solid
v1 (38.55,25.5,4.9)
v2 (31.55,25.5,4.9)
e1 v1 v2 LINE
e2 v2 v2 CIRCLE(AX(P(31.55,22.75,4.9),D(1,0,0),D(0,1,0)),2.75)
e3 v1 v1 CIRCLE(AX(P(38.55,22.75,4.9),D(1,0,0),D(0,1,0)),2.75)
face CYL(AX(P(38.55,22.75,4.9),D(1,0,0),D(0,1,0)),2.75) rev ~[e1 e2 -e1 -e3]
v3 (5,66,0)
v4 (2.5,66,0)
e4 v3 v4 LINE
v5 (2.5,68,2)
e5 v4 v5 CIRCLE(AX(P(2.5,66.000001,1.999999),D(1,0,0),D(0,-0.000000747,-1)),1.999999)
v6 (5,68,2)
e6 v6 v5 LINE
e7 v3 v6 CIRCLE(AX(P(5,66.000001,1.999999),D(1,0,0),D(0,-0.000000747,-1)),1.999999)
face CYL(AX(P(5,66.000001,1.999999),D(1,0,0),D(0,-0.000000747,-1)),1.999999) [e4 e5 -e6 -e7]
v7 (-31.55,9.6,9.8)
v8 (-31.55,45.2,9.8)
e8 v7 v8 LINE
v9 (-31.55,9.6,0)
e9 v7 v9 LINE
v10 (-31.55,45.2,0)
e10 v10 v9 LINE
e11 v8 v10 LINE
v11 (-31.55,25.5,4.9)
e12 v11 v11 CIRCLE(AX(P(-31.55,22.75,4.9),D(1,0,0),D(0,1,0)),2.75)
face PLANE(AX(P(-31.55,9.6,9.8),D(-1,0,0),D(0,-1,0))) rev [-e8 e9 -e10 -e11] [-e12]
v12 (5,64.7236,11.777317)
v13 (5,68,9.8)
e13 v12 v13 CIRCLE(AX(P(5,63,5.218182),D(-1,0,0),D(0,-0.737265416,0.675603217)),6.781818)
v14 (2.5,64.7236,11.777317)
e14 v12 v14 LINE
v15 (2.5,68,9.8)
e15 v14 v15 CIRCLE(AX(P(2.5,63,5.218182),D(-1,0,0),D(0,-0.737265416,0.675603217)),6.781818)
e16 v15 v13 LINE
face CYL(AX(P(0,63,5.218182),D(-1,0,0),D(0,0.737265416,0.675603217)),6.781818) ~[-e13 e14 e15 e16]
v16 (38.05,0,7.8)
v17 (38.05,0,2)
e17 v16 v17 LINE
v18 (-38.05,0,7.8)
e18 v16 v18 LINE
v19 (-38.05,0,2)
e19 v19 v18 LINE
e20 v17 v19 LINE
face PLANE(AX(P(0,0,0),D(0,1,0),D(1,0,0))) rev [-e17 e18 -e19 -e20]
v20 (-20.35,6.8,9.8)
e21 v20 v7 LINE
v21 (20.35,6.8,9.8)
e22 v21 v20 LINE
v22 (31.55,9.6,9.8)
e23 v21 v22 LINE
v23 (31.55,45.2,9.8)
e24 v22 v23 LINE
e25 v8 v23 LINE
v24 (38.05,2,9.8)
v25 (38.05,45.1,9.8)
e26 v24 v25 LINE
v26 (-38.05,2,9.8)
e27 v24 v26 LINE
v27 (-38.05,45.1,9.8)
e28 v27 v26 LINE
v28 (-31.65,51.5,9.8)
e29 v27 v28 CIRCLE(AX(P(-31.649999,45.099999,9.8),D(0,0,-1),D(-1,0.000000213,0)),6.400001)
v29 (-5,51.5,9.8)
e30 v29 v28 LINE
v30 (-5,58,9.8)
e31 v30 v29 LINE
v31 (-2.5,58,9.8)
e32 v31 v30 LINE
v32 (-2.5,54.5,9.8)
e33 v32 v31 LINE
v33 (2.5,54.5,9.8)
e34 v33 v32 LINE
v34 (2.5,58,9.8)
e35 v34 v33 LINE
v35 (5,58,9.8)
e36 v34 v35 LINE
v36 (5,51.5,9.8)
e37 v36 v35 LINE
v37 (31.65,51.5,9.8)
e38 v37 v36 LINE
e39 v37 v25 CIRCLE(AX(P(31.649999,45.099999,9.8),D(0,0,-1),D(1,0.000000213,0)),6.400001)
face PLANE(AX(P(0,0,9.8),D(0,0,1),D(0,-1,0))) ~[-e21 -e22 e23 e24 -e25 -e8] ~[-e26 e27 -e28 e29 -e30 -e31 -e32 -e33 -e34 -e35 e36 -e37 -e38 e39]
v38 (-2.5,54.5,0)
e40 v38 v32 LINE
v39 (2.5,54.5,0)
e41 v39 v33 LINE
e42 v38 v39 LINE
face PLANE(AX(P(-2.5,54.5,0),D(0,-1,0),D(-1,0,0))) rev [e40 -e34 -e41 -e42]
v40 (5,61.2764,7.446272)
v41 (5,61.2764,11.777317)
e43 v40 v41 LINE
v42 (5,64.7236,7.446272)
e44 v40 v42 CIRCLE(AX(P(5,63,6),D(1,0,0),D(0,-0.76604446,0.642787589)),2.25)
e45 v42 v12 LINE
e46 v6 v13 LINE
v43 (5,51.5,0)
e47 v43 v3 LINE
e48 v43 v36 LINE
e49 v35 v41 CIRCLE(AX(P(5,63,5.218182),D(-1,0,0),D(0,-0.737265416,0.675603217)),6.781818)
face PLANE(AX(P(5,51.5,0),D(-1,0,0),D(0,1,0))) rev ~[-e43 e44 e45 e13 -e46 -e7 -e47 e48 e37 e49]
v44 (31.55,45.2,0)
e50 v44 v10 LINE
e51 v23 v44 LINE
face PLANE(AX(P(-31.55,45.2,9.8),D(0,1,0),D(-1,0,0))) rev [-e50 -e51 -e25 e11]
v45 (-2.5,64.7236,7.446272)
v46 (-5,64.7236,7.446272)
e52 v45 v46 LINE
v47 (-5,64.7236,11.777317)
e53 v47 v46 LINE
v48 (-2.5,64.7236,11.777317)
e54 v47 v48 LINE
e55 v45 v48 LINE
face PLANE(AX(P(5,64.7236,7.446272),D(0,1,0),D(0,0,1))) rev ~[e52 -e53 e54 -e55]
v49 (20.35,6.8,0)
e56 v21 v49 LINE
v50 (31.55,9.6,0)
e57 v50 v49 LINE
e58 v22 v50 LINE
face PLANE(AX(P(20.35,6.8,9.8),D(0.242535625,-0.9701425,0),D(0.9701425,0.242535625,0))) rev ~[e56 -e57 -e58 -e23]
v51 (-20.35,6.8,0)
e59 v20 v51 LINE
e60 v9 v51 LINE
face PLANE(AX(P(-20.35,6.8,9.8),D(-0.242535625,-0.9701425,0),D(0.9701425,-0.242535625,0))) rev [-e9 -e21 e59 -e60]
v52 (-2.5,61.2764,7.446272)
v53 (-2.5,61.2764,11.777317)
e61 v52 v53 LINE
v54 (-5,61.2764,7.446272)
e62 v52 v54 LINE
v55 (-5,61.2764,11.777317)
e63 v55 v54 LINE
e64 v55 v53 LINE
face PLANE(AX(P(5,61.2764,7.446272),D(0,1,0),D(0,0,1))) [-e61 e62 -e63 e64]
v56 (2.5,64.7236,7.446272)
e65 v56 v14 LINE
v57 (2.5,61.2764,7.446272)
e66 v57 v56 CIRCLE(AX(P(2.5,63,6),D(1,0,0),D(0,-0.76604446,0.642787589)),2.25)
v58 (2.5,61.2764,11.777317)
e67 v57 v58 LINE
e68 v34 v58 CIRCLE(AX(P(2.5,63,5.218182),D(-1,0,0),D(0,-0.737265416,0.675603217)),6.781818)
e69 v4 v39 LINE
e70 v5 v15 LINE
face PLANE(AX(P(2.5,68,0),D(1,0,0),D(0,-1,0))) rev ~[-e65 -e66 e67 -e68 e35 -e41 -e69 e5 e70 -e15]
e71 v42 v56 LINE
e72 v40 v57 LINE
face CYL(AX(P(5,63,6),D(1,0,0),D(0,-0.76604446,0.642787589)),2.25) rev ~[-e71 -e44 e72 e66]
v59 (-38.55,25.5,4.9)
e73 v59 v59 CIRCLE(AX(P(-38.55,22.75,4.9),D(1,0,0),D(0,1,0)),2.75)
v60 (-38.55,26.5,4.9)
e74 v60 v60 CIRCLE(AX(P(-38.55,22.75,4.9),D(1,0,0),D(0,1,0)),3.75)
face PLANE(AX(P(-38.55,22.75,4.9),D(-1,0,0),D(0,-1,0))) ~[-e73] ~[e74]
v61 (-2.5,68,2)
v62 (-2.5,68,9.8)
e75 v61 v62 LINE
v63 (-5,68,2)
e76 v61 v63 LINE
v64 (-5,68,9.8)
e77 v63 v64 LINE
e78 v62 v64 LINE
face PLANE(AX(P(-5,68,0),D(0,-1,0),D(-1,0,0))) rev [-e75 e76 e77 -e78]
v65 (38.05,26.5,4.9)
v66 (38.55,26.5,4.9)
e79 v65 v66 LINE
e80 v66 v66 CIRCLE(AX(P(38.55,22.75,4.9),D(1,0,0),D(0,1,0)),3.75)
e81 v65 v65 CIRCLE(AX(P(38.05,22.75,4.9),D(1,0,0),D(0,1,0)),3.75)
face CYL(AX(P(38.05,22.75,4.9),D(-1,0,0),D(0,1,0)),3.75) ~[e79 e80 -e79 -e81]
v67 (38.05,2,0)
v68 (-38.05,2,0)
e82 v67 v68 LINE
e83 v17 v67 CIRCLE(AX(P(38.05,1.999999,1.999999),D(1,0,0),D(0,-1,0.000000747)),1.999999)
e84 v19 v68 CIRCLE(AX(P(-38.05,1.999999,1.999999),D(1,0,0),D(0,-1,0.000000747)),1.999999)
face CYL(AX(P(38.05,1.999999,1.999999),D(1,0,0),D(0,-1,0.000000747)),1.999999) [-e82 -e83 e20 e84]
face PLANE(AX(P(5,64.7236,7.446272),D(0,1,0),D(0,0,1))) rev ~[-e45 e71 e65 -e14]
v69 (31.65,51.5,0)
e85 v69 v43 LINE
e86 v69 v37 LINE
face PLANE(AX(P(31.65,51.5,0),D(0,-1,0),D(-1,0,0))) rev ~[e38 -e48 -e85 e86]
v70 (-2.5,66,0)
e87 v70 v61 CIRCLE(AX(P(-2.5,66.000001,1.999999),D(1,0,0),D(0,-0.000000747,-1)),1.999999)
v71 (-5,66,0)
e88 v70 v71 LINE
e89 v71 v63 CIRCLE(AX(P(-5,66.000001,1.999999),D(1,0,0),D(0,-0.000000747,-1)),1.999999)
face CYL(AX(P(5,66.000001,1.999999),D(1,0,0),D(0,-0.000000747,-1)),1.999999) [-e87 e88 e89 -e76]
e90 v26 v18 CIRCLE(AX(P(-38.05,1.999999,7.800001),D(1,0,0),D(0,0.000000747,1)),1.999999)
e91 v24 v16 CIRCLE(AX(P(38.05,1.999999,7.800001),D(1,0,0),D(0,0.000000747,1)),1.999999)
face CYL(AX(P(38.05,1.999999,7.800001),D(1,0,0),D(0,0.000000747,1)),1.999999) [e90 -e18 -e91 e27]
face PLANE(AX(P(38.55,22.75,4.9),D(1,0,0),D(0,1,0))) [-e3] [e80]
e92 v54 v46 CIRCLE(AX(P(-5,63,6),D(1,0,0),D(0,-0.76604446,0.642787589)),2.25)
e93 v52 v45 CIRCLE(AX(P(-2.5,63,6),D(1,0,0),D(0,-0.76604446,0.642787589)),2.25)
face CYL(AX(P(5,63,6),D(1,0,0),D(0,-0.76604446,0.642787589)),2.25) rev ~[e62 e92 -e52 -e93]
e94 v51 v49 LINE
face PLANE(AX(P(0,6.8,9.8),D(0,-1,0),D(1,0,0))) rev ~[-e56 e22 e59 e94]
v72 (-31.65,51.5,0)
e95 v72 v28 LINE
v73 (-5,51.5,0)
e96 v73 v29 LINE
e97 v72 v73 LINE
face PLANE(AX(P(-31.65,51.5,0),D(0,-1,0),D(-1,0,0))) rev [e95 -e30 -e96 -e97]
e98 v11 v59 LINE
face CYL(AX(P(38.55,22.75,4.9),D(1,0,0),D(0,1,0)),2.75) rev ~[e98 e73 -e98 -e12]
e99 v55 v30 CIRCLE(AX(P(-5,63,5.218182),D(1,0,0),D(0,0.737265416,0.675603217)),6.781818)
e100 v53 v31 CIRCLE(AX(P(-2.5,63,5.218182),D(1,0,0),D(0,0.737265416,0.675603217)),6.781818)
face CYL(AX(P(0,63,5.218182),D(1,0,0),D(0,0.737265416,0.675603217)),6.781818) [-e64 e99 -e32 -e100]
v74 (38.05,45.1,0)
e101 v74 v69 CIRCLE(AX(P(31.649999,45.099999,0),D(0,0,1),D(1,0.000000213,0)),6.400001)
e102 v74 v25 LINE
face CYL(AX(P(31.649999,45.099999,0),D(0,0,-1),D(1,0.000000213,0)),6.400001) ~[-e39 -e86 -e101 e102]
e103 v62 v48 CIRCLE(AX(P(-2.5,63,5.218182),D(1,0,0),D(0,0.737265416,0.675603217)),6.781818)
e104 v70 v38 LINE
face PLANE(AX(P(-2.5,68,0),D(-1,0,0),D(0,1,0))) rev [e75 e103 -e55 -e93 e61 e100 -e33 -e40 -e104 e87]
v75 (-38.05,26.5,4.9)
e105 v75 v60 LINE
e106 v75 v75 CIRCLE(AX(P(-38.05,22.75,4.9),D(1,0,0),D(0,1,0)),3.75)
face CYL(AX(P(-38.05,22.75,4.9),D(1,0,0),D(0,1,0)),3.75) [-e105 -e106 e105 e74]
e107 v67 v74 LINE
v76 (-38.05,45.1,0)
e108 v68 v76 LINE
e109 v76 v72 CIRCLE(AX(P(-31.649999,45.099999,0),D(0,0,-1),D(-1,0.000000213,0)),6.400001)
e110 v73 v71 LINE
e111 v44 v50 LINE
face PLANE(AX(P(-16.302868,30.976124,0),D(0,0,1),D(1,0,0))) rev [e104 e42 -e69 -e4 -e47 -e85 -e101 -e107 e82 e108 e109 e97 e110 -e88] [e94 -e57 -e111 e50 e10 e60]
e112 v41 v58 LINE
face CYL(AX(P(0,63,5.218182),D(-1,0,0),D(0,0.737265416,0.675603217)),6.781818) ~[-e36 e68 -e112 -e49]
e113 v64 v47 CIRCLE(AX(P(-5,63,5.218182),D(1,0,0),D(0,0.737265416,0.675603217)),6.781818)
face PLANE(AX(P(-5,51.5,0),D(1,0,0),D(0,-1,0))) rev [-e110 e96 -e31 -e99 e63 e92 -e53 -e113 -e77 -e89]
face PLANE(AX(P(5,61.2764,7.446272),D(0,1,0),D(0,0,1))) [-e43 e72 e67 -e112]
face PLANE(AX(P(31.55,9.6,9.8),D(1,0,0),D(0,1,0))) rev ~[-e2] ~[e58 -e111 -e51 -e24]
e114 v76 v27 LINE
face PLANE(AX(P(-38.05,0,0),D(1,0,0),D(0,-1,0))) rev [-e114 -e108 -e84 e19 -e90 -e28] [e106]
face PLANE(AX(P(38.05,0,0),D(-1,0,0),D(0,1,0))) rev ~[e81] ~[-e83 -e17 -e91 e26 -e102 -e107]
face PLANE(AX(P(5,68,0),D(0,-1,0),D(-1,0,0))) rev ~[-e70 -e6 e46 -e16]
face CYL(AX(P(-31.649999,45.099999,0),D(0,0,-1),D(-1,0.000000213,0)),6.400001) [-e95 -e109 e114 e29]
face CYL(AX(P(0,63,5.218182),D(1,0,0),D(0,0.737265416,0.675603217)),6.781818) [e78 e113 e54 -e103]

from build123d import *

# Parameters (mm, degrees)
PAD002_DEPTH    = 12
POCKET007_DEPTH = 243.567033
POCKET008_DEPTH = 215.317033
SKETCH013_R     = 3.75
PAD003_DEPTH    = 0.5
SKETCH014_R     = 2.75
POCKET009_DEPTH = 77.101
POCKET010_DEPTH = 76.601
POCKET011_DEPTH = 43.551
POCKET012_DEPTH = 43.551


with BuildPart() as part:
    # Sketch010 → Pad002 (new body)
    with BuildSketch(Plane.XY):
        with BuildLine():
            Line((0, 0), (38.05, 0))
            Line((38.05, 0), (38.05, 45.1))
            ThreePointArc((38.05, 45.1), (36.175483, 49.625483), (31.65, 51.5))
            Line((31.65, 51.5), (5, 51.5))
            Line((5, 51.5), (5, 68))
            Line((5, 68), (2.5, 68))
            Line((2.5, 68), (2.5, 54.5))
            Line((2.5, 54.5), (0, 54.5))
            Line((0, 54.5), (0, 0))
        make_face()
    pad002 = extrude(amount=PAD002_DEPTH)

    # Mirrored001: Pad002 across Sketch010 V_Axis
    add(pad002.mirror(Plane(origin=(0, 0, 0), x_dir=(0, 0, 1), z_dir=(1, 0, 0))))

    # Sketch011 (on DatumPlane) → Pocket007 (cut, through all)
    with BuildSketch(Plane.YZ):
        with BuildLine():
            Line((0, 9.8), (58, 9.8))
            ThreePointArc((68, 9.8), (63, 12), (58, 9.8))
            Line((68, 12.8), (68, 9.8))
            Line((0, 12.8), (68, 12.8))
            Line((0, 9.8), (0, 12.8))
        make_face()
    pocket007 = extrude(amount=POCKET007_DEPTH, mode=Mode.SUBTRACT)

    # Mirrored002: Pocket007 across YZ
    add(pocket007.mirror(Plane.YZ), mode=Mode.SUBTRACT)

    # Sketch012 (on DatumPlane) → Pocket008 (cut, through all)
    with BuildSketch(Plane.XY.offset(9.8)):
        Polygon((0, 6.8), (20.35, 6.8), (31.55, 9.6), (31.55, 45.2), (0, 45.2), align=None)
    pocket008 = extrude(amount=-POCKET008_DEPTH, mode=Mode.SUBTRACT)

    # Mirrored003: Pocket008 across Sketch012 V_Axis
    add(pocket008.mirror(Plane(origin=(0, 0, 9.8), x_dir=(0, 0, 1), z_dir=(1, 0, 0))), mode=Mode.SUBTRACT)

    # Sketch013 (on DatumPlane) → Pad003 (join)
    with BuildSketch(Plane.YZ.offset(38.05)):
        with Locations((22.75, 4.9)):
            Circle(SKETCH013_R)
    pad003 = extrude(amount=PAD003_DEPTH)

    # Mirrored004: Pad003 across YZ
    add(pad003.mirror(Plane.YZ))

    # Sketch014 (on DatumPlane) → Pocket009 (cut, through all)
    with BuildSketch(Plane.YZ.offset(38.55)):
        with Locations((22.75, 4.9)):
            Circle(SKETCH014_R)
    extrude(amount=-POCKET009_DEPTH, mode=Mode.SUBTRACT)

    # Sketch015 (on DatumPlane) → Pocket010 (cut, through all)
    with BuildSketch(Plane.YZ.offset(38.05)):
        with BuildLine():
            Line((2, -1), (-1, -1))
            Line((-1, -1), (-1, 10.8))
            Line((-1, 10.8), (2, 10.8))
            Line((2, 10.8), (2, 9.8))
            ThreePointArc((2, 9.8), (0.585786, 9.214214), (0, 7.8))
            Line((0, 7.8), (0, 2))
            ThreePointArc((0, 2), (0.585786, 0.585786), (2, 0))
            Line((2, 0), (2, -1))
        make_face()
    extrude(amount=-POCKET010_DEPTH, mode=Mode.SUBTRACT)

    # Sketch016 (on DatumPlane) → Pocket011 (cut, through all)
    with BuildSketch(Plane.YZ.offset(5)):
        with BuildLine():
            ThreePointArc((66, 0), (67.414214, 0.585786), (68, 2))
            Line((68, 0), (68, 2))
            Line((66, 0), (68, 0))
        make_face()
    extrude(amount=-POCKET011_DEPTH, mode=Mode.SUBTRACT)

    # Sketch017 (on DatumPlane) → Pocket012 (cut, through all)
    with BuildSketch(Plane.YZ.offset(5)):
        with BuildLine():
            ThreePointArc((61.2764, 7.446272), (63, 3.75), (64.7236, 7.446272))
            Line((64.7236, 7.446272), (64.7236, 12.446272))
            Line((61.2764, 12.446272), (64.7236, 12.446272))
            Line((61.2764, 7.446272), (61.2764, 12.446272))
        make_face()
    extrude(amount=-POCKET012_DEPTH, mode=Mode.SUBTRACT)


solid = part.part
